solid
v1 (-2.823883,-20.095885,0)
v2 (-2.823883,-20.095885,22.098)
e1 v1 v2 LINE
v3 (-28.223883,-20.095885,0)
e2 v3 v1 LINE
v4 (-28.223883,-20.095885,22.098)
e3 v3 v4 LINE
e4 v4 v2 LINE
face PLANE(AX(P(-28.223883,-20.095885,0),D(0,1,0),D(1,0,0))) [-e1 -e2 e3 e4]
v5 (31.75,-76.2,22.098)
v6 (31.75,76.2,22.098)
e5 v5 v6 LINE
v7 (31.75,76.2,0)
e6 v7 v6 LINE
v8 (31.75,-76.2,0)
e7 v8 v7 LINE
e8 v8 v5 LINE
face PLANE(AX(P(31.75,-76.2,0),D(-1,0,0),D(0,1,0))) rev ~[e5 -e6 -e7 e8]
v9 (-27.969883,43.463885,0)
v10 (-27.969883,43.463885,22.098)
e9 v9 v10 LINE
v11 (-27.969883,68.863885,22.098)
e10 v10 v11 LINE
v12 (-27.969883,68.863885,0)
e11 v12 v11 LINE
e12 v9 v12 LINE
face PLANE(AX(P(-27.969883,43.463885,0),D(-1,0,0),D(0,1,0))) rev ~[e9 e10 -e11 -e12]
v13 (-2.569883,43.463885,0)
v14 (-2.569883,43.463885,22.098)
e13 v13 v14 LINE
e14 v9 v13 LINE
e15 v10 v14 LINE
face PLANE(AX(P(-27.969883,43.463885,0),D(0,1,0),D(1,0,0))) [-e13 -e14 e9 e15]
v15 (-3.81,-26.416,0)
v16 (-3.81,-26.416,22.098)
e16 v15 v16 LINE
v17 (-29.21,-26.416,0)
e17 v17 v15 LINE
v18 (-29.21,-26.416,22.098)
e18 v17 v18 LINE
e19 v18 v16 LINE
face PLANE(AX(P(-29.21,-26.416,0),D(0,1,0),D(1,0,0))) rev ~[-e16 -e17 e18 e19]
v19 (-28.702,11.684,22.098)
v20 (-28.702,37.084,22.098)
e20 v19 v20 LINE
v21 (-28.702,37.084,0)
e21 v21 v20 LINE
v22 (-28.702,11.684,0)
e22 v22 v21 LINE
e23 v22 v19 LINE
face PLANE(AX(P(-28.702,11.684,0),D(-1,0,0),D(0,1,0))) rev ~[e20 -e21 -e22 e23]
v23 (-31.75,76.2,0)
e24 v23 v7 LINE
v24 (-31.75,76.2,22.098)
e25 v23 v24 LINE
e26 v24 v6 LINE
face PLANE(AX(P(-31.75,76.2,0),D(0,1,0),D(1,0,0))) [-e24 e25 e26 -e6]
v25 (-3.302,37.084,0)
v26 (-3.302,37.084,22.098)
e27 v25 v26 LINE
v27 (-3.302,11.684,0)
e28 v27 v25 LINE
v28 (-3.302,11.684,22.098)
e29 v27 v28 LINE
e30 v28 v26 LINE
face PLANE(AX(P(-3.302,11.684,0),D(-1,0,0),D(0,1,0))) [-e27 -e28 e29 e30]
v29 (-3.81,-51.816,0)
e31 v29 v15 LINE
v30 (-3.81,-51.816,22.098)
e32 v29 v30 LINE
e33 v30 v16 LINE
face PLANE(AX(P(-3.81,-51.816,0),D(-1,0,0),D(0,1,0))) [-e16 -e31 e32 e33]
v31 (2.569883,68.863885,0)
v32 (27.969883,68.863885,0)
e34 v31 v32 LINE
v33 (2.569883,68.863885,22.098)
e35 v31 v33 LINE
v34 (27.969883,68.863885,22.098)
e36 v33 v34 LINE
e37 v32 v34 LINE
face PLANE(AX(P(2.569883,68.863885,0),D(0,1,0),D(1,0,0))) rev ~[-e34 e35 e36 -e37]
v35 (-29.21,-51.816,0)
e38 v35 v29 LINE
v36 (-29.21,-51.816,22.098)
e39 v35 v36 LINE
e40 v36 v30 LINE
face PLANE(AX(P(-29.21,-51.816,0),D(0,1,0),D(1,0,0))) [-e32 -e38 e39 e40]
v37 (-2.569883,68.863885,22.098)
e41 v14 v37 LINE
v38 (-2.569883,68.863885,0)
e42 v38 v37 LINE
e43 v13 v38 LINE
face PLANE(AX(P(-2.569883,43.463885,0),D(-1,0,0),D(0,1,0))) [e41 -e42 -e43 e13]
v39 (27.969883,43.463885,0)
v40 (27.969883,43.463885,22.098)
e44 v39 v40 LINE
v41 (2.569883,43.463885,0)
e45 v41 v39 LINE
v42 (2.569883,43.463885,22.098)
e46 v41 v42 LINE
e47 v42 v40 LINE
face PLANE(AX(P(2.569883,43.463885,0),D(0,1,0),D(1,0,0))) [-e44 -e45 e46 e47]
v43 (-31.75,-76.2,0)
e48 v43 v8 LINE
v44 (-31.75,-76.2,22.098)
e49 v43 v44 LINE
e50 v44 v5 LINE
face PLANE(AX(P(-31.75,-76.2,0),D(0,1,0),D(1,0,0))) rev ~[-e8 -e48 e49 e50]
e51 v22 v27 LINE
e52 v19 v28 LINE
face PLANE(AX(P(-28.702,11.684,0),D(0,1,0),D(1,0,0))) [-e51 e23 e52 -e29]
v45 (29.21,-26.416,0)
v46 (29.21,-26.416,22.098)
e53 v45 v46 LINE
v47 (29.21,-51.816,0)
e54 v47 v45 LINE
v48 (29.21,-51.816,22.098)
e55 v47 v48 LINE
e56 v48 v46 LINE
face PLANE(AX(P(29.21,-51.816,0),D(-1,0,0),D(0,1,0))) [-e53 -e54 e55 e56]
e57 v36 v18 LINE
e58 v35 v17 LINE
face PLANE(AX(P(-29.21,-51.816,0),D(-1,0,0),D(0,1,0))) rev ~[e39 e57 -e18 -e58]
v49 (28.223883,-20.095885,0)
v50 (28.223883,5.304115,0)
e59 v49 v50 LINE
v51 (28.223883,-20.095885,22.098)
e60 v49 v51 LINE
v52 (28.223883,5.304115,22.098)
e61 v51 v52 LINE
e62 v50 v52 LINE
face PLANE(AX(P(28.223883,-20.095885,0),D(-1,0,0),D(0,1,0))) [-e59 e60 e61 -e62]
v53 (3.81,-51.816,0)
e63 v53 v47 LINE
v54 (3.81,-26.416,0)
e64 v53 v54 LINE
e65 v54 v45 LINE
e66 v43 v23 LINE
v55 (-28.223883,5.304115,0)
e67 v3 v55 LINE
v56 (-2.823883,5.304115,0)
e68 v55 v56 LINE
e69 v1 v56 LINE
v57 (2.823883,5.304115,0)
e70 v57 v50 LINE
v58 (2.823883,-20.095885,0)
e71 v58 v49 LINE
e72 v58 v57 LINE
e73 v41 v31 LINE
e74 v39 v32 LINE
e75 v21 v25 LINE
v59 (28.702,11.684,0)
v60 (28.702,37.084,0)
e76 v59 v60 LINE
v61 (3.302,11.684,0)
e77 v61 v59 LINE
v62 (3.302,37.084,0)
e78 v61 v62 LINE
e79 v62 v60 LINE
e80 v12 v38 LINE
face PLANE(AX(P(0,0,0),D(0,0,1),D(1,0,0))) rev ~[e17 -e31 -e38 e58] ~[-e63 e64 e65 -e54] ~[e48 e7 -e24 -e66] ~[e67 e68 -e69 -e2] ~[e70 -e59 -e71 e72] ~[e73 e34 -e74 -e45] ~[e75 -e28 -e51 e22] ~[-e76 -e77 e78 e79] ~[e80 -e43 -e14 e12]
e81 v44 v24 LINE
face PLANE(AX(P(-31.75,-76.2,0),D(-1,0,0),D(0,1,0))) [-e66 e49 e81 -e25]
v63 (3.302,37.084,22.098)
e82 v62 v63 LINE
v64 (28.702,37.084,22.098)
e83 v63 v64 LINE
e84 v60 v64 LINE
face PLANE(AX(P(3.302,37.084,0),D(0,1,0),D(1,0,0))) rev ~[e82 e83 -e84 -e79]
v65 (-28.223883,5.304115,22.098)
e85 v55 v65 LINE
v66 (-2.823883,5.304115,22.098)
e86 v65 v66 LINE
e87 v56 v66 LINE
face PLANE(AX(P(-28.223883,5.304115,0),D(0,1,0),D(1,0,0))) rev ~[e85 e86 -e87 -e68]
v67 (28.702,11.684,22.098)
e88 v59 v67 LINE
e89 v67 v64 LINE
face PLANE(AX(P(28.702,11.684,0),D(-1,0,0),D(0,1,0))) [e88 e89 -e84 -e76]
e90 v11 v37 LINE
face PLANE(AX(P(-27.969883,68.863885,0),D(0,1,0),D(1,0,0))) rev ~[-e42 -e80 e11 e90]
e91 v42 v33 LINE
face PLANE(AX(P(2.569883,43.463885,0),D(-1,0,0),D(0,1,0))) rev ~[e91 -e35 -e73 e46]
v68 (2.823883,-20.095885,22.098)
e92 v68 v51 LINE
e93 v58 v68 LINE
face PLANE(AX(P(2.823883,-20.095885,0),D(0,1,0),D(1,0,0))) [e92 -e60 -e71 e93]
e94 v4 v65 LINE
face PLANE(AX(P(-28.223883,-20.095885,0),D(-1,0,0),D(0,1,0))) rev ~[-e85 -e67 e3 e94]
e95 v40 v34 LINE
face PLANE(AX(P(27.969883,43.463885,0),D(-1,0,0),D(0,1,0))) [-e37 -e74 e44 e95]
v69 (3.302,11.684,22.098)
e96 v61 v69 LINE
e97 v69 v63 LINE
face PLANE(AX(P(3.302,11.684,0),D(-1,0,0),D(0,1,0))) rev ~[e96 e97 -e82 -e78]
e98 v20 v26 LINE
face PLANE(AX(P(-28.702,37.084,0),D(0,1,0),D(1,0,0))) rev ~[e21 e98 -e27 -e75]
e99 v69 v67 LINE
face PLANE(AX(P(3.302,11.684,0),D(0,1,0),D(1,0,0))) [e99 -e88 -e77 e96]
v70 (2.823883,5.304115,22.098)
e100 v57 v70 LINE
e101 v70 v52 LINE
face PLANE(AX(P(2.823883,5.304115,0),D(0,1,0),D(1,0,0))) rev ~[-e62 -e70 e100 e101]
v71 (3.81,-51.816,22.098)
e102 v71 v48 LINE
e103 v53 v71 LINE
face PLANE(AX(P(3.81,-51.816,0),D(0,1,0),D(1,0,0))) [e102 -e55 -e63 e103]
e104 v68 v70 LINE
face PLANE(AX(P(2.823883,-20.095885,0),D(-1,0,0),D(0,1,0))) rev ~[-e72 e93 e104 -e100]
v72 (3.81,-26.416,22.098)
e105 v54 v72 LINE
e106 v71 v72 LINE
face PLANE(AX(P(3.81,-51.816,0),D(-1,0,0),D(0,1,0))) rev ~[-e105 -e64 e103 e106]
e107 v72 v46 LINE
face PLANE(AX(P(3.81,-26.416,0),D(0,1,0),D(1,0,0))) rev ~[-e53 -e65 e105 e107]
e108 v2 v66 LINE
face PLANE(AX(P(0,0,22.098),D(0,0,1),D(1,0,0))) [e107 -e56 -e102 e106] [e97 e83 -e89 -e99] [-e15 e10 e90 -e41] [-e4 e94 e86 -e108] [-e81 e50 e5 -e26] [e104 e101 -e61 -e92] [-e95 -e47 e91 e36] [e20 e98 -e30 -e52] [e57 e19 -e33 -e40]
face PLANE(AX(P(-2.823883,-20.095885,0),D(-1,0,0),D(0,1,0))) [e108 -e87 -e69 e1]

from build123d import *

# Parameters (mm, degrees)
F0_W     = 63.5
F0_H     = 152.4
F0_W_2   = 25.4
F0_H_2   = 25.4
F1_DEPTH = 22.098


with BuildPart() as f1:
    # F0 (on Top) → F1 (new body)
    with BuildSketch(Plane.XY):
        Rectangle(F0_W, F0_H)
        with Locations((-16.51, -39.116)):
            Rectangle(F0_W_2, F0_H_2, mode=Mode.SUBTRACT)
        with Locations((-15.523883, -7.395885)):
            Rectangle(F0_W_2, F0_H_2, mode=Mode.SUBTRACT)
        with Locations((16.51, -39.116)):
            Rectangle(F0_W_2, F0_H_2, mode=Mode.SUBTRACT)
        with Locations((15.523883, -7.395885)):
            Rectangle(F0_W_2, F0_H_2, mode=Mode.SUBTRACT)
        with Locations((-16.002, 24.384)):
            Rectangle(F0_W_2, F0_H_2, mode=Mode.SUBTRACT)
        with Locations((-15.269883, 56.163885)):
            Rectangle(F0_W_2, F0_H_2, mode=Mode.SUBTRACT)
        with Locations((16.002, 24.384)):
            Rectangle(F0_W_2, F0_H_2, mode=Mode.SUBTRACT)
        with Locations((15.269883, 56.163885)):
            Rectangle(F0_W_2, F0_H_2, mode=Mode.SUBTRACT)
    extrude(amount=F1_DEPTH)


solid = f1.part
